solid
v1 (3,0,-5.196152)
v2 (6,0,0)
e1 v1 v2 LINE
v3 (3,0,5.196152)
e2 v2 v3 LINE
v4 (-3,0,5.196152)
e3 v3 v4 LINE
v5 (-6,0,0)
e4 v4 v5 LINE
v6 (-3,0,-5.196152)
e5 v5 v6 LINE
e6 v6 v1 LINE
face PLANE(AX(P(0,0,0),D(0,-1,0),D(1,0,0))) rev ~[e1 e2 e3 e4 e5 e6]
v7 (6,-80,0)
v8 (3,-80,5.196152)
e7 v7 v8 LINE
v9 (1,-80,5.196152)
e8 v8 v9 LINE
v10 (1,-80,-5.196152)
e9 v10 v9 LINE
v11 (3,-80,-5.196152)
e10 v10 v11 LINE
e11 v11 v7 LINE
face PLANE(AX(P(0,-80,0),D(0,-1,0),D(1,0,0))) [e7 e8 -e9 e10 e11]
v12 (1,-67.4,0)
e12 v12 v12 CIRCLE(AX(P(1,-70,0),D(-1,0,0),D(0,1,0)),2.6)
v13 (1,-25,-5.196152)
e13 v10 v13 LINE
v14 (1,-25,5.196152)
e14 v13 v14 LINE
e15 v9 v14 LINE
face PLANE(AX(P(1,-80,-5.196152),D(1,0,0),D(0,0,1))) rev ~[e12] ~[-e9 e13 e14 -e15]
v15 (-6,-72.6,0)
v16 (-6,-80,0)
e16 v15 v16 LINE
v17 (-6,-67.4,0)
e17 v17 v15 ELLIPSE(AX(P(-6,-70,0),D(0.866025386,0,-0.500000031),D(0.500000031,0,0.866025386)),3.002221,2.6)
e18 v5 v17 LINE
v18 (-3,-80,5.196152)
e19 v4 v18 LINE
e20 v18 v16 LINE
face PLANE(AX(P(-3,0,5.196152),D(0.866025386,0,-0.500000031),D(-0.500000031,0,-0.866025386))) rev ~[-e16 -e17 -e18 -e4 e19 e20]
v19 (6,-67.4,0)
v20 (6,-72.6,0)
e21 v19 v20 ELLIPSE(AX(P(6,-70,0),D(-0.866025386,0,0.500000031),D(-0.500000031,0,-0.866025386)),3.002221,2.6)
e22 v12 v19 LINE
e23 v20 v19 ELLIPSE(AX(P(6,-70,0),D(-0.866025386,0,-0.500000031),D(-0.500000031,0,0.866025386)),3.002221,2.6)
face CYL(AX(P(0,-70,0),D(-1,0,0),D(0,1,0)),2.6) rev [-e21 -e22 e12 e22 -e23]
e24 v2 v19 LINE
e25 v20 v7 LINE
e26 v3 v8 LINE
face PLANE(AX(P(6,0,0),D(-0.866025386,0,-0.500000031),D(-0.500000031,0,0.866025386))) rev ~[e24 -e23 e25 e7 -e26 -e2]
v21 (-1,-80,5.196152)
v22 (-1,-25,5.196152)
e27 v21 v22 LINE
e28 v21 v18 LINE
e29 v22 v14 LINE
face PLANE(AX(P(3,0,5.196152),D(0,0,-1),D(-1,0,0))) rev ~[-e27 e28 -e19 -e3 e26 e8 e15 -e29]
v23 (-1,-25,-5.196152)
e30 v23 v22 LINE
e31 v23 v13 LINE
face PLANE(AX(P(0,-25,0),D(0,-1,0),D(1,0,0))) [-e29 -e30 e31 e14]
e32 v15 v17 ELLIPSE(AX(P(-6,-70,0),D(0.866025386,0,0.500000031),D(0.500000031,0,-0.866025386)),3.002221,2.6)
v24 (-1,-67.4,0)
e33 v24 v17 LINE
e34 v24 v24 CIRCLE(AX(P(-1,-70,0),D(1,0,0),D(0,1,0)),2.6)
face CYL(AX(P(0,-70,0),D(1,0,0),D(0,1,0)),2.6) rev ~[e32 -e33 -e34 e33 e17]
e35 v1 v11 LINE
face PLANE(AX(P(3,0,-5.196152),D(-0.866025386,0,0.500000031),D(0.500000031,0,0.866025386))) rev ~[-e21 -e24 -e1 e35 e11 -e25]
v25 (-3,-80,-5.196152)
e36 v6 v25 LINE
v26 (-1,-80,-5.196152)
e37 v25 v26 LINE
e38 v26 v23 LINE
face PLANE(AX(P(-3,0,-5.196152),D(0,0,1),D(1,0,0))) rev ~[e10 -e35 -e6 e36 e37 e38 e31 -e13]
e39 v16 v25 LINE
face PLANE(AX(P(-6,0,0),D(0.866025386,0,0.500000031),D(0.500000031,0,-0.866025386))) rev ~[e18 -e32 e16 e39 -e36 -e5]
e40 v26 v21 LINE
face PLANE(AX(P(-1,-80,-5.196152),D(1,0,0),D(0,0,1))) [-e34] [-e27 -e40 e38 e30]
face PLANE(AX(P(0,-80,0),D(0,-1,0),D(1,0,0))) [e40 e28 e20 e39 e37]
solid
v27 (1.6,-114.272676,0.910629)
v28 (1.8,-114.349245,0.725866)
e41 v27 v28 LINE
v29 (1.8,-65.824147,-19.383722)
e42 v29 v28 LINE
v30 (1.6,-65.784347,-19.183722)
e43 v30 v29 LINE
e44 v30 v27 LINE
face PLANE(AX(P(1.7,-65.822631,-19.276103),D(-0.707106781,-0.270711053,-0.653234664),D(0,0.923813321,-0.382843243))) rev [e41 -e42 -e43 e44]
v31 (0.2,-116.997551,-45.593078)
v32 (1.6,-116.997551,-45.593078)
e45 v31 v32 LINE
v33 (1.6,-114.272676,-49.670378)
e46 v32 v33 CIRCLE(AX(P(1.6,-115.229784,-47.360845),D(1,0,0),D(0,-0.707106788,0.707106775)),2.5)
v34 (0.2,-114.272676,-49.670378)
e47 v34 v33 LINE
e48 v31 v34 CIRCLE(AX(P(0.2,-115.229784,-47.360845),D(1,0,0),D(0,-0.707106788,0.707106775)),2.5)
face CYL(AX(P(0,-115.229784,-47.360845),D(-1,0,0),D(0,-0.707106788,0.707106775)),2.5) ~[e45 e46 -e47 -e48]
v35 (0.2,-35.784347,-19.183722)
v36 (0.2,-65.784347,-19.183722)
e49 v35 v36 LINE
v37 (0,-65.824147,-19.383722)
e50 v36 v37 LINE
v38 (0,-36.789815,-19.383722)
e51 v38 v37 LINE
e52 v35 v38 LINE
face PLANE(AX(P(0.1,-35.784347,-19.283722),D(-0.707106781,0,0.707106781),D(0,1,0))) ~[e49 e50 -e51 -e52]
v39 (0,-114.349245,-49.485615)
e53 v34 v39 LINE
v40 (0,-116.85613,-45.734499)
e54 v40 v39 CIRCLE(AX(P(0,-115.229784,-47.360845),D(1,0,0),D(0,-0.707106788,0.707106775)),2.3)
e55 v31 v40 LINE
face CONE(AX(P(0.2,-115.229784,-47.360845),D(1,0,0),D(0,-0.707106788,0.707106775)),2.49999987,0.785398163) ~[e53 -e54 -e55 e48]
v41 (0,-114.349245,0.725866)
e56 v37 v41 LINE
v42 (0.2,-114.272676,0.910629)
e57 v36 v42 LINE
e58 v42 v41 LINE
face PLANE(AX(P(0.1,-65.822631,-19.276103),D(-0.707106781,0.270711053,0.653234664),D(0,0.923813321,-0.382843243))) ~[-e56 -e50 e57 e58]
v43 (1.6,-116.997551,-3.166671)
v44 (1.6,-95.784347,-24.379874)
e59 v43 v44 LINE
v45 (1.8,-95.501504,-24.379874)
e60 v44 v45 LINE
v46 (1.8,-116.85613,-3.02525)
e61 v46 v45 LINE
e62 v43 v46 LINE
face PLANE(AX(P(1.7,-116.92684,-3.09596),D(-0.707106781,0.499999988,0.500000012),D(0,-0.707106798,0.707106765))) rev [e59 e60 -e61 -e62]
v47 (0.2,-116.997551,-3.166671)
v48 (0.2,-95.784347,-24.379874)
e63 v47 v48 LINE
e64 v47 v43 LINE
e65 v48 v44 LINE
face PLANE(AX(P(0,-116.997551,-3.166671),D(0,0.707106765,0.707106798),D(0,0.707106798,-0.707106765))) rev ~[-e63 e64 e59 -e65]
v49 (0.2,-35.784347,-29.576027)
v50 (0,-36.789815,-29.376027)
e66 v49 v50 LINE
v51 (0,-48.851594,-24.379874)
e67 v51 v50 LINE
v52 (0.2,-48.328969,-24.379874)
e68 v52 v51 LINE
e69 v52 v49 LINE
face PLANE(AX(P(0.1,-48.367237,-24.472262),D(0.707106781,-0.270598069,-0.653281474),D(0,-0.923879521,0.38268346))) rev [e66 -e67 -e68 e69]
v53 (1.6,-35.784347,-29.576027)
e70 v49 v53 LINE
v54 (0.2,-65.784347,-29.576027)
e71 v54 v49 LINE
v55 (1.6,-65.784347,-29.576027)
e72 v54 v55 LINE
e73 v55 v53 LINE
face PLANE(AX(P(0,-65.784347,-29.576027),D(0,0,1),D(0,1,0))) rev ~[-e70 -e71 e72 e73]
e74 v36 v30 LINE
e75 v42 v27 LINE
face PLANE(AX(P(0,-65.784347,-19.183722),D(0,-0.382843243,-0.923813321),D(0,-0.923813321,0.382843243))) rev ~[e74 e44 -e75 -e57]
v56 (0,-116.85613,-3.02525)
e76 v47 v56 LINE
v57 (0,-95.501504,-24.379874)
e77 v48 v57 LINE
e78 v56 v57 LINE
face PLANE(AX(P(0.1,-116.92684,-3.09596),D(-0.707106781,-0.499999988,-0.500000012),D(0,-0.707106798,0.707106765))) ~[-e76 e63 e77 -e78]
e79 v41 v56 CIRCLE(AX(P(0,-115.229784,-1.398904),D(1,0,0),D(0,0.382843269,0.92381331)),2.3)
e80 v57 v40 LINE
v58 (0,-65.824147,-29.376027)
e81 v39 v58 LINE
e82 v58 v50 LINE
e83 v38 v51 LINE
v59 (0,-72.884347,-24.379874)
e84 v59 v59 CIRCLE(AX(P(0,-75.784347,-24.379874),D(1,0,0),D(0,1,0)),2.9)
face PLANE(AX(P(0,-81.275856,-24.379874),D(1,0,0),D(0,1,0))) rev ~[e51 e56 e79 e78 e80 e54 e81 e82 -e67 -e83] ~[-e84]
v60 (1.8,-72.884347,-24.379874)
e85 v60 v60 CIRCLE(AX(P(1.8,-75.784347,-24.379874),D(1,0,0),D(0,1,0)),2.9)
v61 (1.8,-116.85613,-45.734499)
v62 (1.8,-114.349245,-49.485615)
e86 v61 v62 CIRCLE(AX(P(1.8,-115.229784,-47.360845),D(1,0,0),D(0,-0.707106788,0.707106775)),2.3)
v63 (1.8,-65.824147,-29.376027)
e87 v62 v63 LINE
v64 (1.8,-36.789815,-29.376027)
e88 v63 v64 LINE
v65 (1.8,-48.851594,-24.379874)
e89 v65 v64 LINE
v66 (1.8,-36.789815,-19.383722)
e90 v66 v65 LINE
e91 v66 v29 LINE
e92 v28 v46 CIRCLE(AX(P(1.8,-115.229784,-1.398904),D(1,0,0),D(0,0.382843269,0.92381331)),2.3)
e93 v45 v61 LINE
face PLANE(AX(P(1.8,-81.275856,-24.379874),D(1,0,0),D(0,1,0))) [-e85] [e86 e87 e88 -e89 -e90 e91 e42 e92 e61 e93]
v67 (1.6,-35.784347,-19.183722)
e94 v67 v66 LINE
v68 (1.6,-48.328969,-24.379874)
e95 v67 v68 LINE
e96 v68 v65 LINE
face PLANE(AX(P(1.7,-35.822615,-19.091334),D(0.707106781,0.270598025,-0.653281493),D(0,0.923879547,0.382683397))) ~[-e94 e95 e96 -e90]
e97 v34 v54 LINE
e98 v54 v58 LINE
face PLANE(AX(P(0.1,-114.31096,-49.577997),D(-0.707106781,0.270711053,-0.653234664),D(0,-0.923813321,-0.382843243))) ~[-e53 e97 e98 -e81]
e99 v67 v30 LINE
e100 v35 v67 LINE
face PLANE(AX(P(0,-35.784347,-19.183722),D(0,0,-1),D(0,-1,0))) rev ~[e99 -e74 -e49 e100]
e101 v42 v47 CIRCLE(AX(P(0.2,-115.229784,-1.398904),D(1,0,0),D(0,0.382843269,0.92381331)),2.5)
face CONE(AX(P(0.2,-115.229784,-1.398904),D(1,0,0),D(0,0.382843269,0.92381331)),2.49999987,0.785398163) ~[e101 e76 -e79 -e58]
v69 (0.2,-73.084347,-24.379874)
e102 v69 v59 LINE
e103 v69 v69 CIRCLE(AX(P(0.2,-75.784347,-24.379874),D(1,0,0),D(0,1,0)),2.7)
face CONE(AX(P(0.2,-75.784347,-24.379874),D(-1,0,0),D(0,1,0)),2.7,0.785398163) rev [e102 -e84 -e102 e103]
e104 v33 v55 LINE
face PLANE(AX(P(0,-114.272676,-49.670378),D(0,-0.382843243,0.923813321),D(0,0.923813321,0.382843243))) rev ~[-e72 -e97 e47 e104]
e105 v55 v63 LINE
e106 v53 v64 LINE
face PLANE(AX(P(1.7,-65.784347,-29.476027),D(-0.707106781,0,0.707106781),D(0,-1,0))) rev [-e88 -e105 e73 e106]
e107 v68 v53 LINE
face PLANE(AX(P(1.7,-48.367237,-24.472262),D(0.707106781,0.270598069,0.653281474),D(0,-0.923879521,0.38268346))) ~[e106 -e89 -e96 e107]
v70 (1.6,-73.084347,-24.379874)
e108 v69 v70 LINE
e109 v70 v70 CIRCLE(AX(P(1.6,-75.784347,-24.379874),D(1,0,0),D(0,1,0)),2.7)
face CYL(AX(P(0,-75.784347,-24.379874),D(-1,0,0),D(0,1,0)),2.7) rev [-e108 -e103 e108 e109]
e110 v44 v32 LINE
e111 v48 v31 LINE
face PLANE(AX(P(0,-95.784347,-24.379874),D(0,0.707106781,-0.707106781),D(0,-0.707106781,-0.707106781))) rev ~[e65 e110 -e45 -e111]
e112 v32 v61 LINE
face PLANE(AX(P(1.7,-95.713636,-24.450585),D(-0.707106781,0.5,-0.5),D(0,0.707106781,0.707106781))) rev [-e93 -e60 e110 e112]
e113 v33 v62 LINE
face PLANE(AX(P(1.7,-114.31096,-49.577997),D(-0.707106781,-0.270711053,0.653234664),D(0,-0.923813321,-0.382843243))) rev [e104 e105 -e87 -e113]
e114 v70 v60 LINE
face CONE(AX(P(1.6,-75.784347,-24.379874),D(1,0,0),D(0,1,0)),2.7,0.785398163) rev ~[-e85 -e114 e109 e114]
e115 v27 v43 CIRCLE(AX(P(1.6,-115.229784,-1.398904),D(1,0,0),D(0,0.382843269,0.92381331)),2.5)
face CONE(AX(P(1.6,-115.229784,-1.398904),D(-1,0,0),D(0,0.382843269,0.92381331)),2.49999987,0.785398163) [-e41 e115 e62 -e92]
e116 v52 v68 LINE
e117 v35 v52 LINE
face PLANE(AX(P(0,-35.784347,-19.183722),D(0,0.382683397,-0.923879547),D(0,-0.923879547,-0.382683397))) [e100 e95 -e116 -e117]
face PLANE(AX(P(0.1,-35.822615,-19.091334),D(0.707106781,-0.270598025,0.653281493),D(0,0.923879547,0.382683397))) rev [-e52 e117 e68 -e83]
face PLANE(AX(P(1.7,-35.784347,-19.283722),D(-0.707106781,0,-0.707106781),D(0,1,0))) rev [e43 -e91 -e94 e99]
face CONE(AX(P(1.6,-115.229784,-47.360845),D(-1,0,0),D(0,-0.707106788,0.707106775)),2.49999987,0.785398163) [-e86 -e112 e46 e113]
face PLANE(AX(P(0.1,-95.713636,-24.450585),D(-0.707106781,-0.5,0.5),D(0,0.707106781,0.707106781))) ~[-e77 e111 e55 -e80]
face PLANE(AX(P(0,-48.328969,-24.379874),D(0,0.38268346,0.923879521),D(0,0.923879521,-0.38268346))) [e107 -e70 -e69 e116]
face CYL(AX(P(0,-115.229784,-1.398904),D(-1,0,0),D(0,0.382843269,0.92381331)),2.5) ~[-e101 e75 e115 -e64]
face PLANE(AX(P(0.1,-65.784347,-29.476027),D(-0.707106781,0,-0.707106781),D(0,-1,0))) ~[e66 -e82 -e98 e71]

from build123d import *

# Parameters (mm, degrees)
PAD_DEPTH            = 80
SKETCH001_W          = 2
SKETCH001_H          = 10.392304
POCKET_DEPTH         = 55
SKETCH002_R          = 2.6
POCKET001_DEPTH      = 6.001
POCKET001_DEPTH_BACK = -6.001
SKETCH003_R          = 2.7
PAD001_DEPTH         = 1.8
CHAMFER_SIZE         = 0.2


with BuildPart() as shaft:
    # Sketch → Pad (new body)
    with BuildSketch(Plane.XZ):
        Polygon((-3, 5.196152), (-6, 0), (-3, -5.196152), (3, -5.196152), (6, 0), (3, 5.196152), align=None)
    extrude(amount=PAD_DEPTH)

    # Sketch001 (on Face8 of Pad) → Pocket (cut)
    with BuildSketch(Plane.XZ.offset(80)):
        Rectangle(SKETCH001_W, SKETCH001_H)
    extrude(amount=-POCKET_DEPTH, mode=Mode.SUBTRACT)

    # Sketch002 → Pocket001 (cut, two sides)
    with BuildSketch(Plane.YZ) as pocket001_sk:
        with Locations((-70, 0)):
            Circle(SKETCH002_R)
    extrude(amount=-POCKET001_DEPTH, mode=Mode.SUBTRACT)
    extrude(pocket001_sk.sketch, amount=-POCKET001_DEPTH_BACK, mode=Mode.SUBTRACT)


with BuildPart() as finder:
    # Sketch003 → Pad001 (new body)
    with BuildSketch(Plane.YZ):
        with BuildLine():
            Line((-116.997551, -3.166671), (-95.784347, -24.379874))
            Line((-95.784347, -24.379874), (-116.997551, -45.593078))
            ThreePointArc((-116.997551, -45.593078), (-117.308338, -48.74995), (-114.272676, -49.670378))
            Line((-114.272676, -49.670378), (-65.784347, -29.576027))
            Line((-65.784347, -29.576027), (-35.784347, -29.576027))
            Line((-48.328969, -24.379874), (-35.784347, -29.576027))
            Line((-35.784347, -19.183722), (-48.328969, -24.379874))
            Line((-35.784347, -19.183722), (-65.784347, -19.183722))
            Line((-65.784347, -19.183722), (-114.272676, 0.910629))
            ThreePointArc((-114.272676, 0.910629), (-117.308338, -0.009799), (-116.997551, -3.166671))
        make_face()
        with Locations((-75.784347, -24.379874)):
            Circle(SKETCH003_R, mode=Mode.SUBTRACT)
    extrude(amount=PAD001_DEPTH)

    # Chamfer
    chamfer_edges = [finder.edges().sort_by_distance(p)[0] for p in [
        (1.8, -50.784347, -19.183722),
        (1.8, -90.028512, -9.136546),
        (1.8, -117.308338, -0.009799),
        (1.8, -106.390949, -13.773273),
        (1.8, -106.390949, -34.986476),
        (1.8, -117.308338, -48.74995),
        (1.8, -90.028512, -39.623203),
        (1.8, -50.784347, -29.576027),
        (1.8, -42.056658, -26.977951),
        (1.8, -42.056658, -21.781798),
        (1.8, -78.484347, -24.379874),
        (0, -50.784347, -19.183722),
        (0, -90.028512, -9.136546),
        (0, -117.308338, -0.009799),
        (0, -106.390949, -13.773273),
        (0, -106.390949, -34.986476),
        (0, -117.308338, -48.74995),
        (0, -90.028512, -39.623203),
        (0, -50.784347, -29.576027),
        (0, -42.056658, -26.977951),
        (0, -42.056658, -21.781798),
        (0, -78.484347, -24.379874),
    ]]
    chamfer(chamfer_edges, length=CHAMFER_SIZE)


solid = Compound([shaft.part, finder.part])
